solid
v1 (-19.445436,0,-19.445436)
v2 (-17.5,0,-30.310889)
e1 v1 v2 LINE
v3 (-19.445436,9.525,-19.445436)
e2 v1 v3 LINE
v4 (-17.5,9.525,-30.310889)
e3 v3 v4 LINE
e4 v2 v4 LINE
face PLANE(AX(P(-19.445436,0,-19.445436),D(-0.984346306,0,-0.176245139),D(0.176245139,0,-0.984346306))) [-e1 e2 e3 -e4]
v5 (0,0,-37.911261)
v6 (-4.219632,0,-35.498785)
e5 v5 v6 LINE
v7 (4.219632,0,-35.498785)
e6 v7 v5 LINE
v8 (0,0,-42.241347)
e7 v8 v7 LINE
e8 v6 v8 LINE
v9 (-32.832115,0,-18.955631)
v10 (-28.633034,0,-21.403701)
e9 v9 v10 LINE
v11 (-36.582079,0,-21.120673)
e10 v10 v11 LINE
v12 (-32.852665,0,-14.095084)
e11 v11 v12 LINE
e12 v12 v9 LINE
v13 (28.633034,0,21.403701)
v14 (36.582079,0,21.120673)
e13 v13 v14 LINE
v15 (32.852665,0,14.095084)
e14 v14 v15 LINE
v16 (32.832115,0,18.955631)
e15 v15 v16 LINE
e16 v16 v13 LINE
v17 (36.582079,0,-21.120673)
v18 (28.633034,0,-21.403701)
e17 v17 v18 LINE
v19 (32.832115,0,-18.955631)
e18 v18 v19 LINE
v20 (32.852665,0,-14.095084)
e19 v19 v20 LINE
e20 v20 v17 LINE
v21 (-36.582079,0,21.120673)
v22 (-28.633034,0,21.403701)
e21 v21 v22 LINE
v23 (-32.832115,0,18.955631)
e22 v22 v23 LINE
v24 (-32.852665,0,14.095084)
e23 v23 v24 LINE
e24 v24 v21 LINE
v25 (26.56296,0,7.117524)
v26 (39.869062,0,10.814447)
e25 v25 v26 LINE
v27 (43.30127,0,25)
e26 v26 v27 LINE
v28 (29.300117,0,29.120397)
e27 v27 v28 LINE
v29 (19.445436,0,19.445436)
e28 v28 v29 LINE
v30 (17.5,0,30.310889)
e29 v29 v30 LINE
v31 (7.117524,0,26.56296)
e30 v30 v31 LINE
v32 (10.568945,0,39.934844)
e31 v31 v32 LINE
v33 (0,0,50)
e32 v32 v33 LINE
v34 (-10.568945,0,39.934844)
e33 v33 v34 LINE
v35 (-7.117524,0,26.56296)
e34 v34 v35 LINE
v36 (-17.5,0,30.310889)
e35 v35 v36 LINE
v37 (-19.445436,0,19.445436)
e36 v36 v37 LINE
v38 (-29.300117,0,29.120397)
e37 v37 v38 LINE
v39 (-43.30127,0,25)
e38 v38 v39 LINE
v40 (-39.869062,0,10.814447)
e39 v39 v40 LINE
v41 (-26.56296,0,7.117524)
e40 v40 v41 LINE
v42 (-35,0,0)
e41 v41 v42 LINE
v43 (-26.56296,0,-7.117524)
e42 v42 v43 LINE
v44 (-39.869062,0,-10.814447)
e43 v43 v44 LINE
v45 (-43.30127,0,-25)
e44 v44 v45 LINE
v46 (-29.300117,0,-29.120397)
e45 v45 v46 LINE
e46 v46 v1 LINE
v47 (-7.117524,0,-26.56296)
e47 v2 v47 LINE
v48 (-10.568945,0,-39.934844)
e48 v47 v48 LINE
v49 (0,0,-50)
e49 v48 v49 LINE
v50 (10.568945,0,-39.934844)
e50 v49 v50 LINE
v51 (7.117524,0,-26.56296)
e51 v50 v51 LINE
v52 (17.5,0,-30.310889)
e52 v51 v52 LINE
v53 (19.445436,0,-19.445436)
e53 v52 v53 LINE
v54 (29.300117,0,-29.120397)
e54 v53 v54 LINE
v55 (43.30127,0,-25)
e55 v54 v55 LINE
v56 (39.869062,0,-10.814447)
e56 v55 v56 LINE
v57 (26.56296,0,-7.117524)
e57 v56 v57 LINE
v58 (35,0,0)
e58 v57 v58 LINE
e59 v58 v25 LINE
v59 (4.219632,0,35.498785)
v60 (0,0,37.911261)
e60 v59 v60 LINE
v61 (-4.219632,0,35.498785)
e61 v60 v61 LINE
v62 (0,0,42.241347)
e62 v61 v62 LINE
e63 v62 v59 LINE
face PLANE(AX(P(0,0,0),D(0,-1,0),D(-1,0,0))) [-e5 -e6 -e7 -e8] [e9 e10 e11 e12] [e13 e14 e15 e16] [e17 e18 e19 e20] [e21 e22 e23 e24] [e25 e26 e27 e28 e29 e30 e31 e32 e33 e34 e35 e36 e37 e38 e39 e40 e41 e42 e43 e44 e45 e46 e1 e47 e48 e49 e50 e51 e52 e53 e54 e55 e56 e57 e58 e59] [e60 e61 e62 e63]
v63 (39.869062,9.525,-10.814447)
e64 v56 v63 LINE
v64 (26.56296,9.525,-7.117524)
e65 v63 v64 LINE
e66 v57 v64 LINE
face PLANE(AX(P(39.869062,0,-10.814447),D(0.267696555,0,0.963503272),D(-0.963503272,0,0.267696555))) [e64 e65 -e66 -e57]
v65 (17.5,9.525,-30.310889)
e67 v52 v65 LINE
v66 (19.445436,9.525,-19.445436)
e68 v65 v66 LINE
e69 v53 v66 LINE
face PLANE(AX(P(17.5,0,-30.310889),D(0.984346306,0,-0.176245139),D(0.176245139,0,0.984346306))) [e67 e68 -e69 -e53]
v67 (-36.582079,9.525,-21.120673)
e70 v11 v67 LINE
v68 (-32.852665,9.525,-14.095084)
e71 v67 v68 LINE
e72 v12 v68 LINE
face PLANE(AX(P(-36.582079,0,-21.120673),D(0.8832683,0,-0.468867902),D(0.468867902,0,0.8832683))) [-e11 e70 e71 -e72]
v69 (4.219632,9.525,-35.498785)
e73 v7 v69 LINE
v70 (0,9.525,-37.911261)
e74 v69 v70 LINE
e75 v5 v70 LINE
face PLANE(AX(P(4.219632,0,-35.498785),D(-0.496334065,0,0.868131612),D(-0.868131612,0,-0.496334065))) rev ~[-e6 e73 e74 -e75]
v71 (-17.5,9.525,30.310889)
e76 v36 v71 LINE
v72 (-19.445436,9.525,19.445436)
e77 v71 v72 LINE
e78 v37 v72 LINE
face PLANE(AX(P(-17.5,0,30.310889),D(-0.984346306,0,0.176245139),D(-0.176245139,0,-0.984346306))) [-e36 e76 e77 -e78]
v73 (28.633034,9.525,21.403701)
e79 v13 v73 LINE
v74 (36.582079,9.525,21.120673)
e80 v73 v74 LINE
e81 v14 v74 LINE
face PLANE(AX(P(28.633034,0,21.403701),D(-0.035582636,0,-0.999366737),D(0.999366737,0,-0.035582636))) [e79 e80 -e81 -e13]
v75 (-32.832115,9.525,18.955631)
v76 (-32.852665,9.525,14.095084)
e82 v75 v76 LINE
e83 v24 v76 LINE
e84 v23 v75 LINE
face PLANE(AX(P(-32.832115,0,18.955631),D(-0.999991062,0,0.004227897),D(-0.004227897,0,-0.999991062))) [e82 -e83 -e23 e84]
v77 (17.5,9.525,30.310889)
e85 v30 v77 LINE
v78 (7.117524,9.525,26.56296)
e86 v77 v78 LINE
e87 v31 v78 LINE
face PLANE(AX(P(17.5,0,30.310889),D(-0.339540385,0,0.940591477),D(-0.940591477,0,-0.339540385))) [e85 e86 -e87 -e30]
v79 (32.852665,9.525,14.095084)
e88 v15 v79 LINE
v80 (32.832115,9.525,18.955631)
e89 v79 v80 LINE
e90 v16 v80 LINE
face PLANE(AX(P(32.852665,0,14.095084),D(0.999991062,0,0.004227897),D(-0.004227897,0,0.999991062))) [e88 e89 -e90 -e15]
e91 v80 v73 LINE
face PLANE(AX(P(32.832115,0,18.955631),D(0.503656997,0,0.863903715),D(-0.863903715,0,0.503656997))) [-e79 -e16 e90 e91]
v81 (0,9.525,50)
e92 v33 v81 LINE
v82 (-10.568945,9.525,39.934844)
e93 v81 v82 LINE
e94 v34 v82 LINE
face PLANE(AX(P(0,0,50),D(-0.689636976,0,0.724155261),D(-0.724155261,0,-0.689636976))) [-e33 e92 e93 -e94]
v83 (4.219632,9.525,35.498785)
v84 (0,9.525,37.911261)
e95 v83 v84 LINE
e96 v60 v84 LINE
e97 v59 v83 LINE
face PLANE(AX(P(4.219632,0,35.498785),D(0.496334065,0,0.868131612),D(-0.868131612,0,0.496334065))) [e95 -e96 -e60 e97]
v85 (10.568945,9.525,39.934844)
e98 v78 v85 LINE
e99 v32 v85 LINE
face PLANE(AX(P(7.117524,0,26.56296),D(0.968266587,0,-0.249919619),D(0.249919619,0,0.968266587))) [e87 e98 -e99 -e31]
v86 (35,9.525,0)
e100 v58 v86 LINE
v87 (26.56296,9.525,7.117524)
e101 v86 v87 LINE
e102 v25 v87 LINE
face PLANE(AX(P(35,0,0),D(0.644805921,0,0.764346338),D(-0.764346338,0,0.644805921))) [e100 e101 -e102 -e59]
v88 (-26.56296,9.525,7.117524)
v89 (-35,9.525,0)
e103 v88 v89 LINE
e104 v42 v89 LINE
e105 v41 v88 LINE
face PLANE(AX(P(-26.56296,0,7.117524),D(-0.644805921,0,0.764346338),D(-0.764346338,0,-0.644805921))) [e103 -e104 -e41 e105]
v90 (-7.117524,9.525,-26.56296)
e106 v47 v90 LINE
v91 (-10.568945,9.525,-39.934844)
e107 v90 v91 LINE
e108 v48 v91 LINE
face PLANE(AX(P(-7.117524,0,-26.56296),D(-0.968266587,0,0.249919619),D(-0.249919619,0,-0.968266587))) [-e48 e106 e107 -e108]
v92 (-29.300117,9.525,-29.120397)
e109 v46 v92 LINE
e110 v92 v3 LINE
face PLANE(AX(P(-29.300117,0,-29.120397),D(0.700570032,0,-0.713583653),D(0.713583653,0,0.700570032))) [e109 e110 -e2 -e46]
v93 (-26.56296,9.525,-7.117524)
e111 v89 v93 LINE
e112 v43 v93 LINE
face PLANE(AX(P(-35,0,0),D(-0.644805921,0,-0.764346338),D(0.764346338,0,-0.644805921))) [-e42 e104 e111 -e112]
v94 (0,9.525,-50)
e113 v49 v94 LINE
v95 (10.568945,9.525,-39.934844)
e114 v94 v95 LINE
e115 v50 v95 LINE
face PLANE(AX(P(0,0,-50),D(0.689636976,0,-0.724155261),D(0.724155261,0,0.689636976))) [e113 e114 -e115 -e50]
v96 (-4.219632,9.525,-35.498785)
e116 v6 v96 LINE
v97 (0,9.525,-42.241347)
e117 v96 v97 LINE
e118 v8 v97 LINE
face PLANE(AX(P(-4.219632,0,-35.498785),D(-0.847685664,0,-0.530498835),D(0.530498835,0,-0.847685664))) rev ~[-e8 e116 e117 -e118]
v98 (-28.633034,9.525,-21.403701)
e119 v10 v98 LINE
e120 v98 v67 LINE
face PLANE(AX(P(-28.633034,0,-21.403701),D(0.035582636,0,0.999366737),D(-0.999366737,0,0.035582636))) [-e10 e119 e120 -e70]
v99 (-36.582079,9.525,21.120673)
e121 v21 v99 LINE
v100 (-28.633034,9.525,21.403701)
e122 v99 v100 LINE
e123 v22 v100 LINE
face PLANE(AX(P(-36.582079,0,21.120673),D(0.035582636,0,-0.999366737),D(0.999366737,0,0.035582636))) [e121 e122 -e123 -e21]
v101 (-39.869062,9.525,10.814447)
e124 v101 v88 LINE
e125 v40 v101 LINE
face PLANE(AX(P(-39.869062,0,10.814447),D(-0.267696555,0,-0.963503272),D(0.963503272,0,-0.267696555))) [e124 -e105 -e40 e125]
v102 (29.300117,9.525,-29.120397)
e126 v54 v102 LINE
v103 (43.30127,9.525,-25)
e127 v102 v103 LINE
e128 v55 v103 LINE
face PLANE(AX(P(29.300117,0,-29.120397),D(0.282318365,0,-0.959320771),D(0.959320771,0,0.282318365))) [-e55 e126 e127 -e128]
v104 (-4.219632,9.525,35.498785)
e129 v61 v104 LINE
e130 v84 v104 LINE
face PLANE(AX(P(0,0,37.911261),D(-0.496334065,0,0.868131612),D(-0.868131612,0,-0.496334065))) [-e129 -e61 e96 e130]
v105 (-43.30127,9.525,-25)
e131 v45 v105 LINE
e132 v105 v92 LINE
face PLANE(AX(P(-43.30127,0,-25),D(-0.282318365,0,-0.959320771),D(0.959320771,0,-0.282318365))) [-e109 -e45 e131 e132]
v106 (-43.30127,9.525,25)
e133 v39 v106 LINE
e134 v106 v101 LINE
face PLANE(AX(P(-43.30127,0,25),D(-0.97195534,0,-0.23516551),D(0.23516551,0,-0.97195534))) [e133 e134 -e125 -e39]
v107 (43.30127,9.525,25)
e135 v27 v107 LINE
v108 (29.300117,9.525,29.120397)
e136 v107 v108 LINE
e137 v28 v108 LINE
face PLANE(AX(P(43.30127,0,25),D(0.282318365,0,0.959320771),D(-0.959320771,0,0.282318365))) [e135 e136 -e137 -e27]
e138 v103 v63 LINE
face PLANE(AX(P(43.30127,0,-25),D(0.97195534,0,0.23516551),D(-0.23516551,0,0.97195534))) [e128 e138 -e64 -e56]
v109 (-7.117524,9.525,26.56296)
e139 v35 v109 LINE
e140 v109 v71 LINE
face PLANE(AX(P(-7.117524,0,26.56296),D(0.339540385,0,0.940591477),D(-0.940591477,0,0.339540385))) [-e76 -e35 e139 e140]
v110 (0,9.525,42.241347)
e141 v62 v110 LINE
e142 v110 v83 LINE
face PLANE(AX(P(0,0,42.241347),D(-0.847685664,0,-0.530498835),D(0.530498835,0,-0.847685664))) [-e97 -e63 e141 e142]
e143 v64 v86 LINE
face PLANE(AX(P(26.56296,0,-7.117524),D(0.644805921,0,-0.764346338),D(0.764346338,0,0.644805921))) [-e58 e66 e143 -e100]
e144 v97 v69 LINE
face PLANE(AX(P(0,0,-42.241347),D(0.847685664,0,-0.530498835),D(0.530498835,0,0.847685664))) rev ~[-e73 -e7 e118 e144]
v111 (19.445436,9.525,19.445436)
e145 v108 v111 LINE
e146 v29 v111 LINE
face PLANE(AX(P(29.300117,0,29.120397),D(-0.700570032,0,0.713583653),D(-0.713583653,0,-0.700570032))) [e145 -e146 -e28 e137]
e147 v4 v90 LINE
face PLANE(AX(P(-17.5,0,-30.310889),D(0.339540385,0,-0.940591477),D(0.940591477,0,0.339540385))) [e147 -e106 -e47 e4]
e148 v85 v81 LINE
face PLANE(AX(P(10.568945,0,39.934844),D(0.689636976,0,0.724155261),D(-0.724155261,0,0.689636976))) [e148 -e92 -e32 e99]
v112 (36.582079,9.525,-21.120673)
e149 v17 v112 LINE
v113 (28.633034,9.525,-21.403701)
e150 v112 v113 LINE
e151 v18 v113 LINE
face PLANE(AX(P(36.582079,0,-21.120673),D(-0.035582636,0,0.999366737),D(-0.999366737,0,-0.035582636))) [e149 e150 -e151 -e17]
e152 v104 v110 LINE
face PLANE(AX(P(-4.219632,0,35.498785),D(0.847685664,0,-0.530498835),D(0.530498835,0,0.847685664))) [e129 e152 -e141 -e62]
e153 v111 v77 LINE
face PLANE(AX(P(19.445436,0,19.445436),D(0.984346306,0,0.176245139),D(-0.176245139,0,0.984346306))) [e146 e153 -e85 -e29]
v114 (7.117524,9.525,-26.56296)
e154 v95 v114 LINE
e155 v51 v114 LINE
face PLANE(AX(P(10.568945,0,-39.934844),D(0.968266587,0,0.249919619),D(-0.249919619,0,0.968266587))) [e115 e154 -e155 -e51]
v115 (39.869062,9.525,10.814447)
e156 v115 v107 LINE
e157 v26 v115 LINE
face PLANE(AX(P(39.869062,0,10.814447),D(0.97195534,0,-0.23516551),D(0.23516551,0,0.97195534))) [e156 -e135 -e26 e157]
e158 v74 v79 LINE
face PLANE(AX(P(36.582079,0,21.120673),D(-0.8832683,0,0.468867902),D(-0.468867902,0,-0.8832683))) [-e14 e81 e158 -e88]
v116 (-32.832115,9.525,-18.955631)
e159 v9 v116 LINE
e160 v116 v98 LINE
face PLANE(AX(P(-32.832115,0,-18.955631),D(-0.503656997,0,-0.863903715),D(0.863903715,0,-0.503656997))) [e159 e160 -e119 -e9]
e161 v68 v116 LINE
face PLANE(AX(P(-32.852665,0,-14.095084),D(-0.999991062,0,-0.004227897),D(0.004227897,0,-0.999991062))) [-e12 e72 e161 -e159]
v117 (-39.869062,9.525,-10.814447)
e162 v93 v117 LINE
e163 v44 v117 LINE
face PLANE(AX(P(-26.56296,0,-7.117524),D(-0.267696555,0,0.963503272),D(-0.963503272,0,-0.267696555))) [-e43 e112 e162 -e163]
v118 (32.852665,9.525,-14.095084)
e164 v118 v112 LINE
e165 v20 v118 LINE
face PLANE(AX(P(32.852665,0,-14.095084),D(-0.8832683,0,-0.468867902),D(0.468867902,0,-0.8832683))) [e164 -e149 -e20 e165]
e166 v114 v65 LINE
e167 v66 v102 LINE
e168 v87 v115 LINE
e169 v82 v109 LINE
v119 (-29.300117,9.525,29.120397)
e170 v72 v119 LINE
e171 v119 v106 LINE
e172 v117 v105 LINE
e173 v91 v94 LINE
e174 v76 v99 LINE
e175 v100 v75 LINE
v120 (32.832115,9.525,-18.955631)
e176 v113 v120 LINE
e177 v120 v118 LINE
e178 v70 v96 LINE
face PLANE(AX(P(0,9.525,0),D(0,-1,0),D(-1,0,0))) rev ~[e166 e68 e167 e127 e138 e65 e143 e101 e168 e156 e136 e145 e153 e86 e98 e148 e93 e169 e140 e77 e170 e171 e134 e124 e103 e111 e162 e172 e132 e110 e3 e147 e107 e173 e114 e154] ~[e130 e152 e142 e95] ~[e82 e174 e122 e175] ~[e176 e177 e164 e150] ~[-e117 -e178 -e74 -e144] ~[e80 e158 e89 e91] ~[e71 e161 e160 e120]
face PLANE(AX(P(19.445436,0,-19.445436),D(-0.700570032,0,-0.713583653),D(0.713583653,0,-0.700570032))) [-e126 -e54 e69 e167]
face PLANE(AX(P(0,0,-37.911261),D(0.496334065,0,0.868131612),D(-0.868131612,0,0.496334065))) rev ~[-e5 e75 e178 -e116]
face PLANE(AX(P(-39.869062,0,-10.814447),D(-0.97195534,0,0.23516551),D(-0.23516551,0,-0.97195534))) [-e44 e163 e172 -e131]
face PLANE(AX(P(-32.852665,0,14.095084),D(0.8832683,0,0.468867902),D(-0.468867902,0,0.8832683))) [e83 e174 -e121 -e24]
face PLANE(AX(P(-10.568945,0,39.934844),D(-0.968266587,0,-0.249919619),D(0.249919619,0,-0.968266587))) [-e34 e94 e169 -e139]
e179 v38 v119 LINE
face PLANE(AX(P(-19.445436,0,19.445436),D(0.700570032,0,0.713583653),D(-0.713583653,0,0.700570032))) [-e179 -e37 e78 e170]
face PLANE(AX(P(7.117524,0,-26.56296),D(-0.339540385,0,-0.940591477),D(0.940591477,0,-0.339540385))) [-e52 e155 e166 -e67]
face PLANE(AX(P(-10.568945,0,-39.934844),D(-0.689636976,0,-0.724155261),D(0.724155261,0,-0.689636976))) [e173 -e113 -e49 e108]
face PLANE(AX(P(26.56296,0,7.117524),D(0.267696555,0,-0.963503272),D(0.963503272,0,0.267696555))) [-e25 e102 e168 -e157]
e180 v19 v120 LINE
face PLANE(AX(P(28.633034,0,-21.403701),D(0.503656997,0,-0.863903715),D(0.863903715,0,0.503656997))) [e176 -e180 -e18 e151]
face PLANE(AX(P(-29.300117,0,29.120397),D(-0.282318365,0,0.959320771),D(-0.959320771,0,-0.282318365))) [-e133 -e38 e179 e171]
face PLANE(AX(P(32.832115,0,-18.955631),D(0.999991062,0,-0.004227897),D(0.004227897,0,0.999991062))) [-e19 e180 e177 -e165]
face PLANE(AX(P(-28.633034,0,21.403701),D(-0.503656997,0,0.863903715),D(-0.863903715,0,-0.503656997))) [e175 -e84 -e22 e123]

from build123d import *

# Parameters (mm, degrees)
BOSS_EXTRUDE1_DEPTH = 9.525


with BuildPart() as part:
    # Sketch1 → Boss-Extrude1 (new body)
    with BuildSketch(Plane(origin=(0, 0, 0), x_dir=(1, 0, 0), z_dir=(0, 1, 0))):
        Polygon((7.11752374, 26.562960223), (17.5, 30.310889132), (19.445436483, 19.445436483), (29.300117001, 29.120397254), (43.301270189, 25), (39.869062291, 10.81444703), (26.562960223, 7.11752374), (35, 0), (26.562960223, -7.11752374), (39.869062291, -10.81444703), (43.301270189, -25), (29.300117001, -29.120397254), (19.445436483, -19.445436483), (17.5, -30.310889132), (7.11752374, -26.562960223), (10.56894529, -39.934844284), (0, -50), (-10.56894529, -39.934844284), (-7.11752374, -26.562960223), (-17.5, -30.310889132), (-19.445436483, -19.445436483), (-29.300117001, -29.120397254), (-43.301270189, -25), (-39.869062291, -10.81444703), (-26.562960223, -7.11752374), (-35, 0), (-26.562960223, 7.11752374), (-39.869062291, 10.81444703), (-43.301270189, 25), (-29.300117001, 29.120397254), (-19.445436483, 19.445436483), (-17.5, 30.310889132), (-7.11752374, 26.562960223), (-10.56894529, 39.934844284), (0, 50), (10.56894529, 39.934844284), align=None)
        Polygon((0, 42.241346721), (4.219631638, 35.498784797), (0, 37.911261082), (-4.219631638, 35.498784797), align=None, mode=Mode.SUBTRACT)
        Polygon((28.633033619, 21.403700592), (32.832115186, 18.955630541), (32.852665257, 14.095084205), (36.58207935, 21.120673361), align=None, mode=Mode.SUBTRACT)
        Polygon((36.58207935, -21.120673361), (32.852665257, -14.095084205), (32.832115186, -18.955630541), (28.633033619, -21.403700592), align=None, mode=Mode.SUBTRACT)
        Polygon((0, -42.241346721), (4.219631638, -35.498784797), (0, -37.911261082), (-4.219631638, -35.498784797), align=None, mode=Mode.SUBTRACT)
        Polygon((-36.58207935, -21.120673361), (-28.633033619, -21.403700592), (-32.832115186, -18.955630541), (-32.852665257, -14.095084205), align=None, mode=Mode.SUBTRACT)
        Polygon((-36.58207935, 21.120673361), (-32.852665257, 14.095084205), (-32.832115186, 18.955630541), (-28.633033619, 21.403700592), align=None, mode=Mode.SUBTRACT)
    extrude(amount=BOSS_EXTRUDE1_DEPTH)


solid = part.part
